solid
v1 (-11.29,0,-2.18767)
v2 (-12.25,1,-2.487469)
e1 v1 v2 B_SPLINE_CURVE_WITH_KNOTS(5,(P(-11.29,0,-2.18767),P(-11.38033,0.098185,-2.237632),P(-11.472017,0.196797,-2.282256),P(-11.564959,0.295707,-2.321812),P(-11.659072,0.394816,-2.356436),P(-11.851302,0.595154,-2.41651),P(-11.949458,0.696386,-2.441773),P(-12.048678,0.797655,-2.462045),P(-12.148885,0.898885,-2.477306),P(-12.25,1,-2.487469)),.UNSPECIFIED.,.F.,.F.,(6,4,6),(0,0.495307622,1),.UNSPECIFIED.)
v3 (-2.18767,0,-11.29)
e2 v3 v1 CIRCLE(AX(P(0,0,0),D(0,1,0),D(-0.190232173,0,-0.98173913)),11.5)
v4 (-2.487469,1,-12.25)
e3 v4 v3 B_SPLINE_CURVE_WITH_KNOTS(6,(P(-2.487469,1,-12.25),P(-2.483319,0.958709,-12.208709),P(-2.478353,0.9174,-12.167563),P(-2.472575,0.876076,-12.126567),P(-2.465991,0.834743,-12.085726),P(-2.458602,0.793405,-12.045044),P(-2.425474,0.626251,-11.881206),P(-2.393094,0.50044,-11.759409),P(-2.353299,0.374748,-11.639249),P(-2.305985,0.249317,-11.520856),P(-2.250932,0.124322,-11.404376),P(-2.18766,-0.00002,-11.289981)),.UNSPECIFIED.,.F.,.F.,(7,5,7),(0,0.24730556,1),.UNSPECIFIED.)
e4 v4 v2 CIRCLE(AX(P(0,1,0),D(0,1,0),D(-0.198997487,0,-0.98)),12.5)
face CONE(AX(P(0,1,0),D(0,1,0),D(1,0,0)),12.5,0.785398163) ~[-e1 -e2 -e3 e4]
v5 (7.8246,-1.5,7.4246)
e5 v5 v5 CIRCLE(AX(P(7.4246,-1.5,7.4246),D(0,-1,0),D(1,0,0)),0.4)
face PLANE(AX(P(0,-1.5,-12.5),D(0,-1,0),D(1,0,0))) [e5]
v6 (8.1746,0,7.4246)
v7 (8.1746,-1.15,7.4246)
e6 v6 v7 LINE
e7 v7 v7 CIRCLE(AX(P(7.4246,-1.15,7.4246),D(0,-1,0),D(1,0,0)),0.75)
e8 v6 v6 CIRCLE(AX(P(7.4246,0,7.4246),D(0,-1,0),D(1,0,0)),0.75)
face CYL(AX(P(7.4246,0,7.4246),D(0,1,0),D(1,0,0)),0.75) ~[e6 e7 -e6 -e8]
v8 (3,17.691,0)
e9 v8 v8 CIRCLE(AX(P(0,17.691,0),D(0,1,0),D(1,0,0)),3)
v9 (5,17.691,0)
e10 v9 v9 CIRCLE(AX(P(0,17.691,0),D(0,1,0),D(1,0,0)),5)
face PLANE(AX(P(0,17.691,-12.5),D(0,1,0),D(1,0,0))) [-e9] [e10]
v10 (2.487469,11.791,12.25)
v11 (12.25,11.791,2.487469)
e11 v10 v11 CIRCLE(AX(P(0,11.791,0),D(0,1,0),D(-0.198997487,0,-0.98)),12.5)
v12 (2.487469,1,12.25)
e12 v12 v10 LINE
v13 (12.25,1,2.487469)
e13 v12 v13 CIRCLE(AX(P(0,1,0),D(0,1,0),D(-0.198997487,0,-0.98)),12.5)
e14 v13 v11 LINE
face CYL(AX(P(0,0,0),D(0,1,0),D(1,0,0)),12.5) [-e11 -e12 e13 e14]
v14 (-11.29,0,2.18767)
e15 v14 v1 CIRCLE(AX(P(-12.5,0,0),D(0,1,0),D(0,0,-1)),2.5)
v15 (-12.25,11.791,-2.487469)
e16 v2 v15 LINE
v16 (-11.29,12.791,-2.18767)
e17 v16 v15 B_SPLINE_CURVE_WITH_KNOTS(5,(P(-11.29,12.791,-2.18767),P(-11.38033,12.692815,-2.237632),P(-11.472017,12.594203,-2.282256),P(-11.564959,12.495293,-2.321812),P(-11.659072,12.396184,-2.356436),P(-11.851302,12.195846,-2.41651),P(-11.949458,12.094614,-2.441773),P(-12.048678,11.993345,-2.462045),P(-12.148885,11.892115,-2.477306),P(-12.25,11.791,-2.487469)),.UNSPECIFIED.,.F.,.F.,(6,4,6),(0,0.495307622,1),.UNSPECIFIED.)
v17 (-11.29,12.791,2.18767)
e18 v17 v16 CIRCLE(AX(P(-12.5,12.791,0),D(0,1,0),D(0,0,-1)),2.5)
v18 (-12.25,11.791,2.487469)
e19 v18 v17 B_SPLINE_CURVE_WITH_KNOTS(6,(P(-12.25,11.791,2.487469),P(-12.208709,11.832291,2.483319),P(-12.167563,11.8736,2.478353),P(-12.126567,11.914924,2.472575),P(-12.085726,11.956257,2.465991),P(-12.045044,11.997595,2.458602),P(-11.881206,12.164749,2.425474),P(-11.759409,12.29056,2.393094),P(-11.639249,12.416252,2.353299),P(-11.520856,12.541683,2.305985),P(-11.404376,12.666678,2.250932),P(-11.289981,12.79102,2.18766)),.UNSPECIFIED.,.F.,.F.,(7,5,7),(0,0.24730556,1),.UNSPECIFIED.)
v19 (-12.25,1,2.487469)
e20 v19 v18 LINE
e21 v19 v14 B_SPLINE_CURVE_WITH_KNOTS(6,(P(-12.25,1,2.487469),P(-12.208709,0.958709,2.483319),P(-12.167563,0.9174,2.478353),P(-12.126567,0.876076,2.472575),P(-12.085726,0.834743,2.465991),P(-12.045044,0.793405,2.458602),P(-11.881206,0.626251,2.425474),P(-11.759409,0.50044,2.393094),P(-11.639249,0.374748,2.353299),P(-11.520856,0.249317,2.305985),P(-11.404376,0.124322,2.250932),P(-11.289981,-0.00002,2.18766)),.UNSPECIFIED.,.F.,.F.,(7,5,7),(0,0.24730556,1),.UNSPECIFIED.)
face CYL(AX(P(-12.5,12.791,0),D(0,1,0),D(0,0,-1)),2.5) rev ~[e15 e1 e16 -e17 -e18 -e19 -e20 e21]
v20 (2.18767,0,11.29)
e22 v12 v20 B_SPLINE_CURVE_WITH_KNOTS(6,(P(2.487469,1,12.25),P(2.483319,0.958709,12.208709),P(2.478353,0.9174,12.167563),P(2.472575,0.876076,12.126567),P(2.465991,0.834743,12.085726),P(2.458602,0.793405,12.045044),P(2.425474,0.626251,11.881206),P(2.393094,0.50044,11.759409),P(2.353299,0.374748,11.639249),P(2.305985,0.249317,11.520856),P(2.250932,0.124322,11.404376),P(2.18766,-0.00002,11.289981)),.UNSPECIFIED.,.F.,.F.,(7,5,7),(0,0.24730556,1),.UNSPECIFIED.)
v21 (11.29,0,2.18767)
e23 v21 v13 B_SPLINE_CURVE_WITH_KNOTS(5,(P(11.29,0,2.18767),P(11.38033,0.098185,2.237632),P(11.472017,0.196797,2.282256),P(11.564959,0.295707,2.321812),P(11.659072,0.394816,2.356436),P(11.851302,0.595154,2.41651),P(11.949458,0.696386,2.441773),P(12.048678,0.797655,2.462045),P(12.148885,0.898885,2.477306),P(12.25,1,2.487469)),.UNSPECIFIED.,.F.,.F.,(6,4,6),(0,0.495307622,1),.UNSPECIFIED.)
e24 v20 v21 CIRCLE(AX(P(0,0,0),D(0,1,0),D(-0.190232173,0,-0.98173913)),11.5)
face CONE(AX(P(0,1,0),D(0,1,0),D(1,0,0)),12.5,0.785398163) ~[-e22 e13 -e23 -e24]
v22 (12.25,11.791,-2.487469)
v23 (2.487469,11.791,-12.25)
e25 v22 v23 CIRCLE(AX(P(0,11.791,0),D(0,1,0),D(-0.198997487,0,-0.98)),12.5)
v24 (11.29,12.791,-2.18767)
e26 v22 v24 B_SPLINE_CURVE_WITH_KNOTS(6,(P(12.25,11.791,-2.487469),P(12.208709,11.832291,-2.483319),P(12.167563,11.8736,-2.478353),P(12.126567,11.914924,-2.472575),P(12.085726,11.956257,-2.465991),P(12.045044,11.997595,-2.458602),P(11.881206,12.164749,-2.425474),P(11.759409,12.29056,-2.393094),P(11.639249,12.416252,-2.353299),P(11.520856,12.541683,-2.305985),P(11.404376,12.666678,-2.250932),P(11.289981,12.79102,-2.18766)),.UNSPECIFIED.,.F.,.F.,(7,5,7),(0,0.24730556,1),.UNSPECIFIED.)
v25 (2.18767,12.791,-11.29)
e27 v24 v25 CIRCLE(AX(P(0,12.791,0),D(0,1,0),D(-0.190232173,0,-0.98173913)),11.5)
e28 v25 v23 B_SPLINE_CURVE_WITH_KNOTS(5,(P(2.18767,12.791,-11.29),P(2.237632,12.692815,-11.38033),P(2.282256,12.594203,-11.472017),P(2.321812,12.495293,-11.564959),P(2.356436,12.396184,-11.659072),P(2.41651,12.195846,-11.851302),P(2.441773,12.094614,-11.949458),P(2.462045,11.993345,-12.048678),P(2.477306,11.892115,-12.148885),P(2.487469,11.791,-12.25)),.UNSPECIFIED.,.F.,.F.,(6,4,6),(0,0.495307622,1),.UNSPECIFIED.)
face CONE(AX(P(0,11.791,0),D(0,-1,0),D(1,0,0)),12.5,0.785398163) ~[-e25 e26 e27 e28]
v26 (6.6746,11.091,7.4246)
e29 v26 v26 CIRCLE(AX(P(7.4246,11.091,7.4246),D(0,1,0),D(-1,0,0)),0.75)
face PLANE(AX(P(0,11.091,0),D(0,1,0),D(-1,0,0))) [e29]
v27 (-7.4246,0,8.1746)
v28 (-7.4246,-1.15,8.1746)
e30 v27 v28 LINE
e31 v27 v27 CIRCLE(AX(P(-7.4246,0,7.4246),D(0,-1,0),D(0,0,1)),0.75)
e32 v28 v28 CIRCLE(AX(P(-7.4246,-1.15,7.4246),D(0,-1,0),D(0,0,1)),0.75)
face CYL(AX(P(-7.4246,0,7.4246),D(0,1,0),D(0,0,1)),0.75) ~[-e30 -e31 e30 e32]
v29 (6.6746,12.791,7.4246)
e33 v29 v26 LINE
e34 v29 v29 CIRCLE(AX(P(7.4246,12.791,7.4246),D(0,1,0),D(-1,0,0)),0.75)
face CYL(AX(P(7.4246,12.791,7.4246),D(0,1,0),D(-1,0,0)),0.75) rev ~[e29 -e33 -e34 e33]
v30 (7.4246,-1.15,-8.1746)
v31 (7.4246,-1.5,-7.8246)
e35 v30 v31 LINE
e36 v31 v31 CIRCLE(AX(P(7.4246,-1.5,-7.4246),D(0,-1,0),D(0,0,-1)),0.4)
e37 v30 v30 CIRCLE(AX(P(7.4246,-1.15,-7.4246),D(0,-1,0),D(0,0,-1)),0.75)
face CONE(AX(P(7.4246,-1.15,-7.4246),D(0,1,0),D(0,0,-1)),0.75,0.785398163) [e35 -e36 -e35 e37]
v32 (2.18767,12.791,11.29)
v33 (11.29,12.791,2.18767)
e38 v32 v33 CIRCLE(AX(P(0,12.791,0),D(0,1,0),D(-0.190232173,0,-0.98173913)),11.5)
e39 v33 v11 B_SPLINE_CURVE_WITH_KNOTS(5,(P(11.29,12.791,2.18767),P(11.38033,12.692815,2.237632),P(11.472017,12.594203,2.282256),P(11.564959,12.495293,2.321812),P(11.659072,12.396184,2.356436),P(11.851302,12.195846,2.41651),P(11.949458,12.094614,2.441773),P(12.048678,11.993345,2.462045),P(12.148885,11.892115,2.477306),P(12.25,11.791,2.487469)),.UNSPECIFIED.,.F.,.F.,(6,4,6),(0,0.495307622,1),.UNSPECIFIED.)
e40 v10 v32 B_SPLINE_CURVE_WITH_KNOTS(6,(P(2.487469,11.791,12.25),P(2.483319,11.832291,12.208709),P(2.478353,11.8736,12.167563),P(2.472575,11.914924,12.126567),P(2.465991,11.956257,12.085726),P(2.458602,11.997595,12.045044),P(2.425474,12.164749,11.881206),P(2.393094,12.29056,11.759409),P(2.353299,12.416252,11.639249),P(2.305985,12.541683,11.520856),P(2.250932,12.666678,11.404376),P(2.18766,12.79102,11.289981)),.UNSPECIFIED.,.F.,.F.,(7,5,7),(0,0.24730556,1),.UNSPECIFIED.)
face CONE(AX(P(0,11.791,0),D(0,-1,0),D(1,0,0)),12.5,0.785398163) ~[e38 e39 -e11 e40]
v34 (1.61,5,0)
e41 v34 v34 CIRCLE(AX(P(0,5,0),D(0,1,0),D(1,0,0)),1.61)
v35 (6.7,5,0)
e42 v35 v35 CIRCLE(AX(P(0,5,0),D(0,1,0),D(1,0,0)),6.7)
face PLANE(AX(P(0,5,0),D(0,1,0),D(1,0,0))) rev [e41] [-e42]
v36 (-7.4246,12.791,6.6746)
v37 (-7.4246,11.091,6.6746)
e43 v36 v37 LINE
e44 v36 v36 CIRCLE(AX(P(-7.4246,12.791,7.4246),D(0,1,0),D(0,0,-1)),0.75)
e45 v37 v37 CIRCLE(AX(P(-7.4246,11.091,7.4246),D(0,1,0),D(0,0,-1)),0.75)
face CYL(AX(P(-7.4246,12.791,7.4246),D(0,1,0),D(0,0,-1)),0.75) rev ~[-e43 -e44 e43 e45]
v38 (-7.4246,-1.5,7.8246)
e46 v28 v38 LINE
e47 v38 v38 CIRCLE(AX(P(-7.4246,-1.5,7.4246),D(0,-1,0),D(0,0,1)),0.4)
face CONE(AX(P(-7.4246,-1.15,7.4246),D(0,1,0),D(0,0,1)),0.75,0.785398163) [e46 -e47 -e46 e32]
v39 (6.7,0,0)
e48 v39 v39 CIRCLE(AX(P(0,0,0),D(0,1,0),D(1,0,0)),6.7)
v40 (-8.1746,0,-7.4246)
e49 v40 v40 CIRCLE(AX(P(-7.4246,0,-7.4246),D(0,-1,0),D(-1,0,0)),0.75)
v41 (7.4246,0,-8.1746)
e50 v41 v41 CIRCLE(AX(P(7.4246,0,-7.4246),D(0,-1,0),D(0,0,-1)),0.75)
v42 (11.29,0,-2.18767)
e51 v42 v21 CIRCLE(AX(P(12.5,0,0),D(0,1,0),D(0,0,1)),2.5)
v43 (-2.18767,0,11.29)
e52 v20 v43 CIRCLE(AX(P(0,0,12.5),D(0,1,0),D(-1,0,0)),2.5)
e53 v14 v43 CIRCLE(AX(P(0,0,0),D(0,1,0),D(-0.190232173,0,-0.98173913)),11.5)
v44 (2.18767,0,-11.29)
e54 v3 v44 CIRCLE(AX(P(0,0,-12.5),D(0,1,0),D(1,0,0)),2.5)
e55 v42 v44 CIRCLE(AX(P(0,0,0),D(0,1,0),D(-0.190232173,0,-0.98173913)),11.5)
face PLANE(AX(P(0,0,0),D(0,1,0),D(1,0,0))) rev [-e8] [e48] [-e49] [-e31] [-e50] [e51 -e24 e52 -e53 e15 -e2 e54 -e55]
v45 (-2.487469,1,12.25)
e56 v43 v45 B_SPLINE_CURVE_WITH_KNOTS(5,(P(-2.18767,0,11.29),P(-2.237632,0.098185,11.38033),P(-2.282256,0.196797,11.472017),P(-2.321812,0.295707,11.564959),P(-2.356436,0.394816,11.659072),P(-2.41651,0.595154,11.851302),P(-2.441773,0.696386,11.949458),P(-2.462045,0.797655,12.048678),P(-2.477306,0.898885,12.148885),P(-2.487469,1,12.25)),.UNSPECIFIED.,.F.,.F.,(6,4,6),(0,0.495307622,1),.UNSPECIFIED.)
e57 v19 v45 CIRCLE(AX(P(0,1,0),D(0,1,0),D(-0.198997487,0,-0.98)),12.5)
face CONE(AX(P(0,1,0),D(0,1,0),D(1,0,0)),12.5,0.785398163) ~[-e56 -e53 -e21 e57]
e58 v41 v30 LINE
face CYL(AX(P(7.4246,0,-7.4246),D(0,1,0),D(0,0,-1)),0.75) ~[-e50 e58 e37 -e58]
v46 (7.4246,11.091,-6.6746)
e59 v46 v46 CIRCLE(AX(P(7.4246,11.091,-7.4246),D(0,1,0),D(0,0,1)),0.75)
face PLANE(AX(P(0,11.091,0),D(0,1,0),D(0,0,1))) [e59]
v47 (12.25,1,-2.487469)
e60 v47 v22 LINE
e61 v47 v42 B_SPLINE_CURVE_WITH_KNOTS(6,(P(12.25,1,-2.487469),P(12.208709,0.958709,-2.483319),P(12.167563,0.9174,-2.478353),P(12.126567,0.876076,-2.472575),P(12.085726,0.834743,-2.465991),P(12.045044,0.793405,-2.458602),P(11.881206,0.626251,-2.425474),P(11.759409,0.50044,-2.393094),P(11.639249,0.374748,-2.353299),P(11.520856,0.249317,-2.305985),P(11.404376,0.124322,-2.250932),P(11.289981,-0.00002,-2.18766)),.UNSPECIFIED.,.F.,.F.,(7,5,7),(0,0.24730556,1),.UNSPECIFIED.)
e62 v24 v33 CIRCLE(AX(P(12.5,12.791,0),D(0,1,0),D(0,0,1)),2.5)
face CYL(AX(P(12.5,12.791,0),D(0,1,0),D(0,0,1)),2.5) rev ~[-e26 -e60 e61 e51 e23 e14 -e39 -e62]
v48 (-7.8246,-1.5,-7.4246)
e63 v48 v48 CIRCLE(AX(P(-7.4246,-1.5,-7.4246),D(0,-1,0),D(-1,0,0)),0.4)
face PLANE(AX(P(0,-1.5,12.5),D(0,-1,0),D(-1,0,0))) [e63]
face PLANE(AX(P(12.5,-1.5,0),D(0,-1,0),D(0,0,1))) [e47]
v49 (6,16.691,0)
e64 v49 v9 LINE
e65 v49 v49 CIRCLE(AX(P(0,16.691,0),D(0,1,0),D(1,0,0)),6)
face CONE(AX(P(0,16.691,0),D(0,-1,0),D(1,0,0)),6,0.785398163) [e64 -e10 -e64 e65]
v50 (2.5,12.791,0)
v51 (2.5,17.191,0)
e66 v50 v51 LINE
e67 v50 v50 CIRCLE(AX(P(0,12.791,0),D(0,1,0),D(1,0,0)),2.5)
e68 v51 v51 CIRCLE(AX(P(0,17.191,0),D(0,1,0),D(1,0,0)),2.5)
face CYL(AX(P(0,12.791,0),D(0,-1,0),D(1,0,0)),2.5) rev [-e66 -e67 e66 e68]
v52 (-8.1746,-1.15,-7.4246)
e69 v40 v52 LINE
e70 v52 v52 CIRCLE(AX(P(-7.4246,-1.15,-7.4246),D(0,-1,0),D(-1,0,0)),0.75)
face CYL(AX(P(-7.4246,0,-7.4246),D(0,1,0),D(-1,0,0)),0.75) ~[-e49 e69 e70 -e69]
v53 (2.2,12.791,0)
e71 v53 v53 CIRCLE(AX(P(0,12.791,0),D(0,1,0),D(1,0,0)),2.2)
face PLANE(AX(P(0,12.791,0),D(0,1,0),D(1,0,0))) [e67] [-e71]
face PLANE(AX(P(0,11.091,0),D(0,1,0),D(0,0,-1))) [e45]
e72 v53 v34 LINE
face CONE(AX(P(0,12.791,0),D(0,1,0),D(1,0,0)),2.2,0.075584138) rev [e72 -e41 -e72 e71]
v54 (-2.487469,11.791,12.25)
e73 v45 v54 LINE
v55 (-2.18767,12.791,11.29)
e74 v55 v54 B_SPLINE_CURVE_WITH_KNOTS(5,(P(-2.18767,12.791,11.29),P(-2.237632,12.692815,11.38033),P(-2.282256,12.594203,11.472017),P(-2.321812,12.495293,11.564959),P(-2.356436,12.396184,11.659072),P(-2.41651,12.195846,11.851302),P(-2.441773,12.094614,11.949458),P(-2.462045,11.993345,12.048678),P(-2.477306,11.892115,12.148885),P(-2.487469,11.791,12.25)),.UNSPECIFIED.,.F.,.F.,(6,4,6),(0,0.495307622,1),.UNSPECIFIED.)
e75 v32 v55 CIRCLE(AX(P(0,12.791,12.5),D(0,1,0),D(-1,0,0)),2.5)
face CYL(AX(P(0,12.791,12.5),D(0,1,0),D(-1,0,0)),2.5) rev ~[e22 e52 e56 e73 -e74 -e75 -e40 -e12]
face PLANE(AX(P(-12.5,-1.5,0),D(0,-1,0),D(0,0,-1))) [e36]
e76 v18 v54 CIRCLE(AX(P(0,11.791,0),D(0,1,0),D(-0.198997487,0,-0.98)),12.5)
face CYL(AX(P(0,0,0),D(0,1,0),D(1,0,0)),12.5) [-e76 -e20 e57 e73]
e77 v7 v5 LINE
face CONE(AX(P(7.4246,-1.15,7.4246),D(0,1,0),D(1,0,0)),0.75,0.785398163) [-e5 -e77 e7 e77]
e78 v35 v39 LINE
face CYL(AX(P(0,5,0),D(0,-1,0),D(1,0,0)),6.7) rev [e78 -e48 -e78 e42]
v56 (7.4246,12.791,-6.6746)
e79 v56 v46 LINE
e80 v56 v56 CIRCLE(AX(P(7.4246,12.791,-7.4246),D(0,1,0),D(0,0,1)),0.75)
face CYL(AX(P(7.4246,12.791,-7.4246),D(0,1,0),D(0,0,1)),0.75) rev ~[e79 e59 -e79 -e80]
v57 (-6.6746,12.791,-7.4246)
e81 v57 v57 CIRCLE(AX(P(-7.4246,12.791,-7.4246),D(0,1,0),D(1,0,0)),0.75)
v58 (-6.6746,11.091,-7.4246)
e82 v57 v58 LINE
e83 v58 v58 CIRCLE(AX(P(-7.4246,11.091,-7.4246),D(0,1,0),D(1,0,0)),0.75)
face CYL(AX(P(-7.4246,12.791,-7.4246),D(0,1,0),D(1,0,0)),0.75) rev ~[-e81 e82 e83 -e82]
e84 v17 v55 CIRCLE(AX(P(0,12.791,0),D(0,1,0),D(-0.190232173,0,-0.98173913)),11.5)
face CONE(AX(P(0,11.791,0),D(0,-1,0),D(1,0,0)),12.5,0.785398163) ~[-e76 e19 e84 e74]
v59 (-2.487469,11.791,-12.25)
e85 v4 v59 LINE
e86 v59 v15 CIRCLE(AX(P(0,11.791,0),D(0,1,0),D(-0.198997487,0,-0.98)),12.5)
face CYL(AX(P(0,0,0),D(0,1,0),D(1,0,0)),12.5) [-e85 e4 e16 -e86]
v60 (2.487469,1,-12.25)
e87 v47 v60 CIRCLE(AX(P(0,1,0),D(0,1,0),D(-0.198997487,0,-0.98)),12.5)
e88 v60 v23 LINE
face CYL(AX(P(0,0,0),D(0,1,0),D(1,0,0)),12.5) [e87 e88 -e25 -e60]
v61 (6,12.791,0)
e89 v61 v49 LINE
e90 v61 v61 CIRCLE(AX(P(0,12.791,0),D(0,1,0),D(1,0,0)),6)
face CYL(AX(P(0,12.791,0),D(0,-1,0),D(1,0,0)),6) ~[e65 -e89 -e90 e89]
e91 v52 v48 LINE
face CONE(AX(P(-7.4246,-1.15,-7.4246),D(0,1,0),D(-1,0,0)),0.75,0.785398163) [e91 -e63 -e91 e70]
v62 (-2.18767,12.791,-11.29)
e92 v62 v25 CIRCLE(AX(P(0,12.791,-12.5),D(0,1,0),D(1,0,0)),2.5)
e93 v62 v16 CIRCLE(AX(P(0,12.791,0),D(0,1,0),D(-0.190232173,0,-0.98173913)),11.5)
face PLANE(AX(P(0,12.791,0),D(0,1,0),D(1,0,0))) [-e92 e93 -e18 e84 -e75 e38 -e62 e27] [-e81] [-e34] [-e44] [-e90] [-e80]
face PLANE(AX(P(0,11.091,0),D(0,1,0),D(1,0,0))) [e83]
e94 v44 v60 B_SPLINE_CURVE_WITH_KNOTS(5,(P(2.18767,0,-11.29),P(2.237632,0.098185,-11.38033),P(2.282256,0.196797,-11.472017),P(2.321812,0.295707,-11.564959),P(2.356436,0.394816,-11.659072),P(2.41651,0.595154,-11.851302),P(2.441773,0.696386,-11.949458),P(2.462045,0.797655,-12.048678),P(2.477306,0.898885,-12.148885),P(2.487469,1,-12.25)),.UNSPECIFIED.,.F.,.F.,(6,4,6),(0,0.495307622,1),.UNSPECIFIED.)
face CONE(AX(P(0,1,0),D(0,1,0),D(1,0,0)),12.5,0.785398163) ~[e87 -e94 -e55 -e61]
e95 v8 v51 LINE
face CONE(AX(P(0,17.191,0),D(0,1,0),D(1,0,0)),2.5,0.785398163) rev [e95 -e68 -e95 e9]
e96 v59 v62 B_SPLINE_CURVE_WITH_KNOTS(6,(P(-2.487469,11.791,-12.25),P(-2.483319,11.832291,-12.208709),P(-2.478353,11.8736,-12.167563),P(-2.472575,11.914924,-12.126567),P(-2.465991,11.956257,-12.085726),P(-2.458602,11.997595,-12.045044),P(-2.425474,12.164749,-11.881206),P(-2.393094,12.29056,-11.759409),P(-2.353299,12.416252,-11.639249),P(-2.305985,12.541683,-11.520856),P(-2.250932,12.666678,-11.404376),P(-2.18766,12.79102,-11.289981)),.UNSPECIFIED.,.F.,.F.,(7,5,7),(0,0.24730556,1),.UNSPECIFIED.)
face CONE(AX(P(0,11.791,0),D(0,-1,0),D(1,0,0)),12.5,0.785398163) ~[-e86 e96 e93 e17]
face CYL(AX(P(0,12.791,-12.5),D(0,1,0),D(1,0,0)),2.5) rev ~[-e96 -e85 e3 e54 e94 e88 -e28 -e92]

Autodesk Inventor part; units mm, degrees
ref_plane "YZ Plane" through (0, 0, 0) normal (1, 0, 0) x (0, 1, 0)
ref_plane "XZ Plane" through (0, 0, 0) normal (0, 1, 0) x (-1, 0, 0)
ref_plane "XY Plane" through (0, 0, 0) normal (0, 0, 1) x (1, 0, 0)
sketch "Sketch1" plane through (0, 0, 0) normal (0, 0, 1) x (1, 0, 0)
  line L0 (0, 0) -> (0, 19.4488) construction
  line L1 (0, 0) -> (15.8946, 0) construction
  line L2 (1.61, 5) -> (6.7, 5)
  line L3 (6.7, 5) -> (6.7, 0)
  line L4 (6.7, 0) -> (12.5, 0)
  line L5 (12.5, 0) -> (12.5, 12.791)
  line L6 (1.0049, 10.15) -> (0.7849, 10.15) construction
  line L7 (1.6103, 4.761) -> (2.6467, 18.8742) construction
  line L8 (0.4645, 3.15) -> (0.2, 3.15) construction
  line L9 (0, 2.7) -> (1.1563, 2.7) construction
  line L10 (12.5, 12.791) -> (2.2, 12.791)
  line L11 (2.2, 12.791) -> (1.61, 5)
  point P0 (9.6, 0)
  dimension "d1" = 12.5
  dimension "d2" = 6.7
  dimension "d7" = 5
  dimension "d53" = 0.22
  dimension "d55" = 0.2
  dimension "d58" = 2.3
  dimension "d62" = 1.61
  dimension "d63" = 2.2
  dimension "d64" = 12.791
revolve "Revolution1" add sketch "Sketch1" angle 360 about axis through (0, 0, 0) along (0, 1, 0)
chamfer "Chamfer2" distance 1 angle 45 2 edges at (-12.5, 0, 0) (-12.5, 12.791, 0)
sketch "Sketch7" plane through (0, 12.791, 0) normal (0, 1, 0) x (1, 0, 0)
  circle A0 centre (0, 0) radius 10.5 construction
  line L0 (0, 0) -> (23.4924, 0) construction
  line L1 (0, 0) -> (0, 17.9898) construction
  line L2 (0, 0) -> (-15.6301, 15.6301) construction
  circle A1 centre (-7.4246, 7.4246) radius 0.75
  point P0 (12.4999, 0)
  dimension "d84" = 21
  dimension "d85" = 45
  dimension "d86" = 1.5
extrude "Extrusion6" cut sketch "Sketch7" against normal blind 1.7
sketch "Sketch8" plane through (0, 12.791, 0) normal (0, 1, 0) x (1, 0, 0)
  circle A0 centre (0, 0) radius 12.5 construction
  line L0 (0, 0) -> (0, 17.9558) construction
  circle A1 centre (0, 12.5) radius 2.5
  dimension "d89" = 25
  dimension "d90" = 5
extrude "Extrusion7" cut sketch "Sketch8" against normal blind 12.791
pattern_circular "Circular Pattern4" count 4 over 360 about axis through (0, 8.8955, 0) along (0, -1, 0) of "Extrusion6", "Extrusion7"
sketch "Sketch9" plane through (0, 12.791, -12.5) normal (0, 1, 0) x (1, 0, 0)
  circle A0 centre (0, -12.5) radius 6
  circle A1 centre (0, -12.5) radius 2.5
  dimension "d96" = 12
  dimension "d97" = 5
extrude "Extrusion8" add sketch "Sketch9" along normal blind 4.9
chamfer "Chamfer7" distance 1 angle 45 1 edges at (-6, 17.691, 0)
chamfer "Chamfer8" distance 0.5 angle 45 1 edges at (-2.5, 17.691, 0)
sketch "Sketch10" plane through (0, 0, -12.5) normal (0, -1, 0) x (1, 0, 0)
  circle A0 centre (0, 12.5) radius 10.5 construction
  line L0 (0, 12.5) -> (14.2322, 12.5) construction
  line L1 (0, 12.5) -> (13.4469, 25.9469) construction
  circle A1 centre (7.4246, 19.9246) radius 0.75
  dimension "d106" = 21
  dimension "d107" = 45
  dimension "d108" = 1.5
extrude "Extrusion9" add sketch "Sketch10" along normal blind 1.5
chamfer "Chamfer9" distance 0.35 angle 45 1 edges at (6.6746, -1.5, 7.4246)
pattern_circular "Circular Pattern5" count 4 over 360 about axis through (0, 2.5, 0) along (0, -1, 0) of "Extrusion9", "Chamfer9"
equation "\"cutpipette_length\" = 5.7"
properties part number "cpd_lowrcf_1.3_p2_20230620"
